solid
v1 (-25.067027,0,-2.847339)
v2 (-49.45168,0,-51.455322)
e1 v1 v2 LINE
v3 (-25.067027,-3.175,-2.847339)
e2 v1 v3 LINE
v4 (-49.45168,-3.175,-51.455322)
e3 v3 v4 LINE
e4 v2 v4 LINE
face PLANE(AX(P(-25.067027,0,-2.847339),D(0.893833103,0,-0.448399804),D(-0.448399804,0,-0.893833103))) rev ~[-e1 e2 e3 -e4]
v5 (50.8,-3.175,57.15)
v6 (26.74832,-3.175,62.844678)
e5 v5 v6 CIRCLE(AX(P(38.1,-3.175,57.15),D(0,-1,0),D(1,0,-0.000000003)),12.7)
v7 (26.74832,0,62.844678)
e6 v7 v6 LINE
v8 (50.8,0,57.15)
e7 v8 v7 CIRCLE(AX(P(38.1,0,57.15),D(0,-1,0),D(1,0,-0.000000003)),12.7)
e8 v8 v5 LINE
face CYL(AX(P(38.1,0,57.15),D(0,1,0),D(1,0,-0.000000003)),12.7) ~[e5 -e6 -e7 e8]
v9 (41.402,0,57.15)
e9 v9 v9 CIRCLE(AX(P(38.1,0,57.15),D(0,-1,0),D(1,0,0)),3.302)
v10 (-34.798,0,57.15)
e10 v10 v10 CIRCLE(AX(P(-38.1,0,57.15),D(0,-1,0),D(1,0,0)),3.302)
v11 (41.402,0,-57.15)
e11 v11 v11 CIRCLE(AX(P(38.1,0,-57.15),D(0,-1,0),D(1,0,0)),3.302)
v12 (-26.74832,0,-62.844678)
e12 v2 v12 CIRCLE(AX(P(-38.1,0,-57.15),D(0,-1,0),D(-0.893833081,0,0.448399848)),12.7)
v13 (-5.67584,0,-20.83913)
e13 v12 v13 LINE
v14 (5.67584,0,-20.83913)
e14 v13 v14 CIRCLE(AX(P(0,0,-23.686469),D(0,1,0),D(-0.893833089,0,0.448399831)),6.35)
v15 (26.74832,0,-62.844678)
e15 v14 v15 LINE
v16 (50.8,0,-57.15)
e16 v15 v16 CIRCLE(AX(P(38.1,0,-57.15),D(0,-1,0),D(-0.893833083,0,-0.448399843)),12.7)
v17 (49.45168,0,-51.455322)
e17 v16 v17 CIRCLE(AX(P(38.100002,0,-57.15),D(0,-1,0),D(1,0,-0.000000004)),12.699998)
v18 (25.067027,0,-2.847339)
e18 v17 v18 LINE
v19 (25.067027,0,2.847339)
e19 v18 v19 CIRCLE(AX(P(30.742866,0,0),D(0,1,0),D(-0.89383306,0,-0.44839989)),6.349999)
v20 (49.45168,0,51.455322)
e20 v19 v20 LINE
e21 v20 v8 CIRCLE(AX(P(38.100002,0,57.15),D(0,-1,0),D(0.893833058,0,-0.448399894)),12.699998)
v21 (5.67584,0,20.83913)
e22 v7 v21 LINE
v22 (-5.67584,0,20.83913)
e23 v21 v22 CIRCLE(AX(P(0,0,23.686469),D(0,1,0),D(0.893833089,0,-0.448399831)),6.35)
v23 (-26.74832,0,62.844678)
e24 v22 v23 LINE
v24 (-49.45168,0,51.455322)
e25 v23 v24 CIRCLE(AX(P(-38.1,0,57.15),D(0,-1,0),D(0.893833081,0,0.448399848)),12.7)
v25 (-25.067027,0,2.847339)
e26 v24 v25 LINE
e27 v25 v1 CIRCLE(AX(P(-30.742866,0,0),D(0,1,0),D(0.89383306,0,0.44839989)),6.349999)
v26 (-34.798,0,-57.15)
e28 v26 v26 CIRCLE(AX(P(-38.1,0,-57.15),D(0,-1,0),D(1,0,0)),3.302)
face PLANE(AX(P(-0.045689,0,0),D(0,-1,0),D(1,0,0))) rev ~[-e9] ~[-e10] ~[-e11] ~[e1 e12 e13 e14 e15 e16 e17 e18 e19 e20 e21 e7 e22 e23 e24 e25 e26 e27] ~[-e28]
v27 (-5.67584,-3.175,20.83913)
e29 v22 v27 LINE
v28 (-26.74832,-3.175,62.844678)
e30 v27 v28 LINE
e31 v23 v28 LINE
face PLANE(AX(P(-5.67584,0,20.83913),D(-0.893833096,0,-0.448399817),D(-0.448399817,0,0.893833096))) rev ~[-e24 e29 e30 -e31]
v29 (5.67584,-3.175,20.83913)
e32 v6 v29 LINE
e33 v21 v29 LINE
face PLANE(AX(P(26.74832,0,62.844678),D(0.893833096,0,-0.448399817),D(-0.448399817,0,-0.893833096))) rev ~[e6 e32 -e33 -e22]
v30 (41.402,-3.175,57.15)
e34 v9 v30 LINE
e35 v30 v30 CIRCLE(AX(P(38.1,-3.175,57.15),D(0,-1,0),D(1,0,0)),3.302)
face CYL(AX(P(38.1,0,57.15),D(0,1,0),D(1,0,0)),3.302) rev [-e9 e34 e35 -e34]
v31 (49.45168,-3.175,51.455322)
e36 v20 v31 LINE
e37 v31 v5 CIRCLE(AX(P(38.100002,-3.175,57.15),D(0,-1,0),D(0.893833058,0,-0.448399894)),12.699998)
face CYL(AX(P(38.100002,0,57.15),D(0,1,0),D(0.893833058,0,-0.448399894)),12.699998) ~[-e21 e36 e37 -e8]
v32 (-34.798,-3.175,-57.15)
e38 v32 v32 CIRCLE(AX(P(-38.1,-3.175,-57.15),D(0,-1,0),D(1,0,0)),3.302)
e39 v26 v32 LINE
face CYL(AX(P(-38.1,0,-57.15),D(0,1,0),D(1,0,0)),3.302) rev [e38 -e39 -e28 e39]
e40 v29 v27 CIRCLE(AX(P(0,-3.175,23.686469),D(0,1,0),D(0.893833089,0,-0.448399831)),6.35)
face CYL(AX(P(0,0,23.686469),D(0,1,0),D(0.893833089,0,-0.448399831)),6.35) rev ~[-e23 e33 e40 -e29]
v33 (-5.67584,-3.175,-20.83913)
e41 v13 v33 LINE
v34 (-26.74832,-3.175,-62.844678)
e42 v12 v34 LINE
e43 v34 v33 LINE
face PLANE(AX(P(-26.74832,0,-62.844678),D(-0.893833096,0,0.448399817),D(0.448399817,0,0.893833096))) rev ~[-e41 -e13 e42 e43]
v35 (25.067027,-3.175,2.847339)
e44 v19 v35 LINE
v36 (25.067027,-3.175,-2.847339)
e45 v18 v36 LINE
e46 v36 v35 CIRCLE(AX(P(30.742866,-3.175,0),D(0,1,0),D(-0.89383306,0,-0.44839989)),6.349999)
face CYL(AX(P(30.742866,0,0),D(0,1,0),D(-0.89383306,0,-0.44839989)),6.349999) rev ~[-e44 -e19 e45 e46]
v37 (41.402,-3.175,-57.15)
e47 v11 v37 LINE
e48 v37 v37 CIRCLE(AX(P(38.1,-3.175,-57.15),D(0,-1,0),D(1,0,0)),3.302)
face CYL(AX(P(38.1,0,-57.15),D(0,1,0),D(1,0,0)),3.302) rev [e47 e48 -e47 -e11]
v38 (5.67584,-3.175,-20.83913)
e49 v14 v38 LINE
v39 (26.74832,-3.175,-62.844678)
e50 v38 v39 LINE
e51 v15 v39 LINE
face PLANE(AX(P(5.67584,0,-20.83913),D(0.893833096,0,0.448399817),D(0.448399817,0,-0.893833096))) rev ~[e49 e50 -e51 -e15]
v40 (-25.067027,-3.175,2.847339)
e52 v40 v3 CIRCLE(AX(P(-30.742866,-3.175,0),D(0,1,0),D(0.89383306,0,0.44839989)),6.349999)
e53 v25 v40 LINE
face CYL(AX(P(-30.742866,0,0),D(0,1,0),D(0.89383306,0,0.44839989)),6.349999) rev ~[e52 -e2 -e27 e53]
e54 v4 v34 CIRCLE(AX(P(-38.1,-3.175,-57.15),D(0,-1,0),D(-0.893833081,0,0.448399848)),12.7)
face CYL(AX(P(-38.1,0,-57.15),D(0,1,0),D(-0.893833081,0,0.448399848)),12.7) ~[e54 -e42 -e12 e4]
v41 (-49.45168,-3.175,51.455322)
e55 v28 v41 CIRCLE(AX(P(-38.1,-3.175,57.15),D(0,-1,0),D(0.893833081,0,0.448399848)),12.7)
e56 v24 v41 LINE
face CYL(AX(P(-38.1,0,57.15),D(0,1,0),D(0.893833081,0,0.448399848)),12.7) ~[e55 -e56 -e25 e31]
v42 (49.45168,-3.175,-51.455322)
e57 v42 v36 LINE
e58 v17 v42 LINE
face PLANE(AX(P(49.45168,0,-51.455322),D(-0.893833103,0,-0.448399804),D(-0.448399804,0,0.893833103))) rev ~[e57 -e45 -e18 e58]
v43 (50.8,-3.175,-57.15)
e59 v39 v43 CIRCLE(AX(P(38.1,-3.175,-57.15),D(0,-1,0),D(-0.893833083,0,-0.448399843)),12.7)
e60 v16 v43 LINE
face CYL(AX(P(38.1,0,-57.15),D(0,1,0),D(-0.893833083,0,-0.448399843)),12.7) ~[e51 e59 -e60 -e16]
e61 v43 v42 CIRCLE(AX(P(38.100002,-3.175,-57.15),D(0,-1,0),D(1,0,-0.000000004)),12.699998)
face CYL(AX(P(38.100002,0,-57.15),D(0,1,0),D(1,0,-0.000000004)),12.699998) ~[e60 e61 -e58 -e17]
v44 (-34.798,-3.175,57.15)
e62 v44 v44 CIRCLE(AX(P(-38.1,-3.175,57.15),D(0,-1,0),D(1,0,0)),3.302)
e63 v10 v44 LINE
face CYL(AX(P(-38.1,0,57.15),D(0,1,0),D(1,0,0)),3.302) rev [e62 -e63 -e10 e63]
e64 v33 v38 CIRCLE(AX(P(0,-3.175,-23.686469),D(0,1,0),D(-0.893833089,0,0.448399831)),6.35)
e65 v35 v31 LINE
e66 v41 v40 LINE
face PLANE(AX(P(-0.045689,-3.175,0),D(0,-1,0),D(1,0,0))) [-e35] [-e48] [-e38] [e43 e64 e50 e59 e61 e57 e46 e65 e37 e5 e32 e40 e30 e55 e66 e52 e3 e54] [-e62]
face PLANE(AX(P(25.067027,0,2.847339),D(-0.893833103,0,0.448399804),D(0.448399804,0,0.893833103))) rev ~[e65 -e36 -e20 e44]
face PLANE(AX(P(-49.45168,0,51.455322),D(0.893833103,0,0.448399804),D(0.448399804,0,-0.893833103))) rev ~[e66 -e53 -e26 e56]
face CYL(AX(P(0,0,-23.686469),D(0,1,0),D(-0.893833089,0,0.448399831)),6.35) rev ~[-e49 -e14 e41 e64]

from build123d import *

# Parameters (mm, degrees)
F0_R     = 3.302
F1_DEPTH = 3.175


with BuildPart() as f1:
    # F0 (on Front) → F1 (new body)
    with BuildSketch(Plane.XZ):
        with BuildLine():
            ThreePointArc((-26.74832, 62.844678), (-25.741676, 60.07606), (-25.4, 57.15))
            ThreePointArc((-25.4, 57.15), (-35.17394, 44.791676), (-49.45168, 51.455322))
            Line((-49.45168, 51.455322), (-25.067027, 2.847339))
            ThreePointArc((-25.067027, 2.847339), (-24.392867, 0), (-25.067027, -2.847339))
            Line((-25.067027, -2.847339), (-49.45168, -51.455322))
            ThreePointArc((-49.45168, -51.455322), (-35.17394, -44.791676), (-25.4, -57.15))
            ThreePointArc((-25.4, -57.15), (-25.741676, -60.07606), (-26.74832, -62.844678))
            Line((-26.74832, -62.844678), (-5.67584, -20.83913))
            ThreePointArc((-5.67584, -20.83913), (0, -17.336469), (5.67584, -20.83913))
            Line((5.67584, -20.83913), (26.74832, -62.844678))
            ThreePointArc((26.74832, -62.844678), (32.405322, -45.79832), (49.45168, -51.455322))
            Line((49.45168, -51.455322), (25.067027, -2.847339))
            ThreePointArc((25.067027, -2.847339), (24.392867, 0), (25.067027, 2.847339))
            Line((25.067027, 2.847339), (49.45168, 51.455322))
            ThreePointArc((49.45168, 51.455322), (32.405322, 45.79832), (26.74832, 62.844678))
            Line((26.74832, 62.844678), (5.67584, 20.83913))
            ThreePointArc((5.67584, 20.83913), (0, 17.336469), (-5.67584, 20.83913))
            Line((-5.67584, 20.83913), (-26.74832, 62.844678))
        make_face()
        with BuildLine():
            ThreePointArc((-49.45168, 51.455322), (-35.17394, 44.791676), (-25.4, 57.15))
            ThreePointArc((-25.4, 57.15), (-25.741676, 60.07606), (-26.74832, 62.844678))
            ThreePointArc((-26.74832, 62.844678), (-43.794678, 68.50168), (-49.45168, 51.455322))
        make_face()
        with Locations((-38.1, 57.15)):
            Circle(F0_R, mode=Mode.SUBTRACT)
        with BuildLine():
            ThreePointArc((50.8, 57.15), (41.02606, 69.508324), (26.74832, 62.844678))
            ThreePointArc((26.74832, 62.844678), (32.405322, 45.79832), (49.45168, 51.455322))
            ThreePointArc((49.45168, 51.455322), (50.458324, 54.22394), (50.8, 57.15))
        make_face()
        with Locations((38.1, 57.15)):
            Circle(F0_R, mode=Mode.SUBTRACT)
        with BuildLine():
            ThreePointArc((50.8, -57.15), (50.458324, -54.22394), (49.45168, -51.455322))
            ThreePointArc((49.45168, -51.455322), (32.405322, -45.79832), (26.74832, -62.844678))
            ThreePointArc((26.74832, -62.844678), (41.02606, -69.508324), (50.8, -57.15))
        make_face()
        with Locations((38.1, -57.15)):
            Circle(F0_R, mode=Mode.SUBTRACT)
        with BuildLine():
            ThreePointArc((-25.4, -57.15), (-35.17394, -44.791676), (-49.45168, -51.455322))
            ThreePointArc((-49.45168, -51.455322), (-43.794678, -68.50168), (-26.74832, -62.844678))
            ThreePointArc((-26.74832, -62.844678), (-25.741676, -60.07606), (-25.4, -57.15))
        make_face()
        with Locations((-38.1, -57.15)):
            Circle(F0_R, mode=Mode.SUBTRACT)
    extrude(amount=F1_DEPTH)


solid = f1.part
